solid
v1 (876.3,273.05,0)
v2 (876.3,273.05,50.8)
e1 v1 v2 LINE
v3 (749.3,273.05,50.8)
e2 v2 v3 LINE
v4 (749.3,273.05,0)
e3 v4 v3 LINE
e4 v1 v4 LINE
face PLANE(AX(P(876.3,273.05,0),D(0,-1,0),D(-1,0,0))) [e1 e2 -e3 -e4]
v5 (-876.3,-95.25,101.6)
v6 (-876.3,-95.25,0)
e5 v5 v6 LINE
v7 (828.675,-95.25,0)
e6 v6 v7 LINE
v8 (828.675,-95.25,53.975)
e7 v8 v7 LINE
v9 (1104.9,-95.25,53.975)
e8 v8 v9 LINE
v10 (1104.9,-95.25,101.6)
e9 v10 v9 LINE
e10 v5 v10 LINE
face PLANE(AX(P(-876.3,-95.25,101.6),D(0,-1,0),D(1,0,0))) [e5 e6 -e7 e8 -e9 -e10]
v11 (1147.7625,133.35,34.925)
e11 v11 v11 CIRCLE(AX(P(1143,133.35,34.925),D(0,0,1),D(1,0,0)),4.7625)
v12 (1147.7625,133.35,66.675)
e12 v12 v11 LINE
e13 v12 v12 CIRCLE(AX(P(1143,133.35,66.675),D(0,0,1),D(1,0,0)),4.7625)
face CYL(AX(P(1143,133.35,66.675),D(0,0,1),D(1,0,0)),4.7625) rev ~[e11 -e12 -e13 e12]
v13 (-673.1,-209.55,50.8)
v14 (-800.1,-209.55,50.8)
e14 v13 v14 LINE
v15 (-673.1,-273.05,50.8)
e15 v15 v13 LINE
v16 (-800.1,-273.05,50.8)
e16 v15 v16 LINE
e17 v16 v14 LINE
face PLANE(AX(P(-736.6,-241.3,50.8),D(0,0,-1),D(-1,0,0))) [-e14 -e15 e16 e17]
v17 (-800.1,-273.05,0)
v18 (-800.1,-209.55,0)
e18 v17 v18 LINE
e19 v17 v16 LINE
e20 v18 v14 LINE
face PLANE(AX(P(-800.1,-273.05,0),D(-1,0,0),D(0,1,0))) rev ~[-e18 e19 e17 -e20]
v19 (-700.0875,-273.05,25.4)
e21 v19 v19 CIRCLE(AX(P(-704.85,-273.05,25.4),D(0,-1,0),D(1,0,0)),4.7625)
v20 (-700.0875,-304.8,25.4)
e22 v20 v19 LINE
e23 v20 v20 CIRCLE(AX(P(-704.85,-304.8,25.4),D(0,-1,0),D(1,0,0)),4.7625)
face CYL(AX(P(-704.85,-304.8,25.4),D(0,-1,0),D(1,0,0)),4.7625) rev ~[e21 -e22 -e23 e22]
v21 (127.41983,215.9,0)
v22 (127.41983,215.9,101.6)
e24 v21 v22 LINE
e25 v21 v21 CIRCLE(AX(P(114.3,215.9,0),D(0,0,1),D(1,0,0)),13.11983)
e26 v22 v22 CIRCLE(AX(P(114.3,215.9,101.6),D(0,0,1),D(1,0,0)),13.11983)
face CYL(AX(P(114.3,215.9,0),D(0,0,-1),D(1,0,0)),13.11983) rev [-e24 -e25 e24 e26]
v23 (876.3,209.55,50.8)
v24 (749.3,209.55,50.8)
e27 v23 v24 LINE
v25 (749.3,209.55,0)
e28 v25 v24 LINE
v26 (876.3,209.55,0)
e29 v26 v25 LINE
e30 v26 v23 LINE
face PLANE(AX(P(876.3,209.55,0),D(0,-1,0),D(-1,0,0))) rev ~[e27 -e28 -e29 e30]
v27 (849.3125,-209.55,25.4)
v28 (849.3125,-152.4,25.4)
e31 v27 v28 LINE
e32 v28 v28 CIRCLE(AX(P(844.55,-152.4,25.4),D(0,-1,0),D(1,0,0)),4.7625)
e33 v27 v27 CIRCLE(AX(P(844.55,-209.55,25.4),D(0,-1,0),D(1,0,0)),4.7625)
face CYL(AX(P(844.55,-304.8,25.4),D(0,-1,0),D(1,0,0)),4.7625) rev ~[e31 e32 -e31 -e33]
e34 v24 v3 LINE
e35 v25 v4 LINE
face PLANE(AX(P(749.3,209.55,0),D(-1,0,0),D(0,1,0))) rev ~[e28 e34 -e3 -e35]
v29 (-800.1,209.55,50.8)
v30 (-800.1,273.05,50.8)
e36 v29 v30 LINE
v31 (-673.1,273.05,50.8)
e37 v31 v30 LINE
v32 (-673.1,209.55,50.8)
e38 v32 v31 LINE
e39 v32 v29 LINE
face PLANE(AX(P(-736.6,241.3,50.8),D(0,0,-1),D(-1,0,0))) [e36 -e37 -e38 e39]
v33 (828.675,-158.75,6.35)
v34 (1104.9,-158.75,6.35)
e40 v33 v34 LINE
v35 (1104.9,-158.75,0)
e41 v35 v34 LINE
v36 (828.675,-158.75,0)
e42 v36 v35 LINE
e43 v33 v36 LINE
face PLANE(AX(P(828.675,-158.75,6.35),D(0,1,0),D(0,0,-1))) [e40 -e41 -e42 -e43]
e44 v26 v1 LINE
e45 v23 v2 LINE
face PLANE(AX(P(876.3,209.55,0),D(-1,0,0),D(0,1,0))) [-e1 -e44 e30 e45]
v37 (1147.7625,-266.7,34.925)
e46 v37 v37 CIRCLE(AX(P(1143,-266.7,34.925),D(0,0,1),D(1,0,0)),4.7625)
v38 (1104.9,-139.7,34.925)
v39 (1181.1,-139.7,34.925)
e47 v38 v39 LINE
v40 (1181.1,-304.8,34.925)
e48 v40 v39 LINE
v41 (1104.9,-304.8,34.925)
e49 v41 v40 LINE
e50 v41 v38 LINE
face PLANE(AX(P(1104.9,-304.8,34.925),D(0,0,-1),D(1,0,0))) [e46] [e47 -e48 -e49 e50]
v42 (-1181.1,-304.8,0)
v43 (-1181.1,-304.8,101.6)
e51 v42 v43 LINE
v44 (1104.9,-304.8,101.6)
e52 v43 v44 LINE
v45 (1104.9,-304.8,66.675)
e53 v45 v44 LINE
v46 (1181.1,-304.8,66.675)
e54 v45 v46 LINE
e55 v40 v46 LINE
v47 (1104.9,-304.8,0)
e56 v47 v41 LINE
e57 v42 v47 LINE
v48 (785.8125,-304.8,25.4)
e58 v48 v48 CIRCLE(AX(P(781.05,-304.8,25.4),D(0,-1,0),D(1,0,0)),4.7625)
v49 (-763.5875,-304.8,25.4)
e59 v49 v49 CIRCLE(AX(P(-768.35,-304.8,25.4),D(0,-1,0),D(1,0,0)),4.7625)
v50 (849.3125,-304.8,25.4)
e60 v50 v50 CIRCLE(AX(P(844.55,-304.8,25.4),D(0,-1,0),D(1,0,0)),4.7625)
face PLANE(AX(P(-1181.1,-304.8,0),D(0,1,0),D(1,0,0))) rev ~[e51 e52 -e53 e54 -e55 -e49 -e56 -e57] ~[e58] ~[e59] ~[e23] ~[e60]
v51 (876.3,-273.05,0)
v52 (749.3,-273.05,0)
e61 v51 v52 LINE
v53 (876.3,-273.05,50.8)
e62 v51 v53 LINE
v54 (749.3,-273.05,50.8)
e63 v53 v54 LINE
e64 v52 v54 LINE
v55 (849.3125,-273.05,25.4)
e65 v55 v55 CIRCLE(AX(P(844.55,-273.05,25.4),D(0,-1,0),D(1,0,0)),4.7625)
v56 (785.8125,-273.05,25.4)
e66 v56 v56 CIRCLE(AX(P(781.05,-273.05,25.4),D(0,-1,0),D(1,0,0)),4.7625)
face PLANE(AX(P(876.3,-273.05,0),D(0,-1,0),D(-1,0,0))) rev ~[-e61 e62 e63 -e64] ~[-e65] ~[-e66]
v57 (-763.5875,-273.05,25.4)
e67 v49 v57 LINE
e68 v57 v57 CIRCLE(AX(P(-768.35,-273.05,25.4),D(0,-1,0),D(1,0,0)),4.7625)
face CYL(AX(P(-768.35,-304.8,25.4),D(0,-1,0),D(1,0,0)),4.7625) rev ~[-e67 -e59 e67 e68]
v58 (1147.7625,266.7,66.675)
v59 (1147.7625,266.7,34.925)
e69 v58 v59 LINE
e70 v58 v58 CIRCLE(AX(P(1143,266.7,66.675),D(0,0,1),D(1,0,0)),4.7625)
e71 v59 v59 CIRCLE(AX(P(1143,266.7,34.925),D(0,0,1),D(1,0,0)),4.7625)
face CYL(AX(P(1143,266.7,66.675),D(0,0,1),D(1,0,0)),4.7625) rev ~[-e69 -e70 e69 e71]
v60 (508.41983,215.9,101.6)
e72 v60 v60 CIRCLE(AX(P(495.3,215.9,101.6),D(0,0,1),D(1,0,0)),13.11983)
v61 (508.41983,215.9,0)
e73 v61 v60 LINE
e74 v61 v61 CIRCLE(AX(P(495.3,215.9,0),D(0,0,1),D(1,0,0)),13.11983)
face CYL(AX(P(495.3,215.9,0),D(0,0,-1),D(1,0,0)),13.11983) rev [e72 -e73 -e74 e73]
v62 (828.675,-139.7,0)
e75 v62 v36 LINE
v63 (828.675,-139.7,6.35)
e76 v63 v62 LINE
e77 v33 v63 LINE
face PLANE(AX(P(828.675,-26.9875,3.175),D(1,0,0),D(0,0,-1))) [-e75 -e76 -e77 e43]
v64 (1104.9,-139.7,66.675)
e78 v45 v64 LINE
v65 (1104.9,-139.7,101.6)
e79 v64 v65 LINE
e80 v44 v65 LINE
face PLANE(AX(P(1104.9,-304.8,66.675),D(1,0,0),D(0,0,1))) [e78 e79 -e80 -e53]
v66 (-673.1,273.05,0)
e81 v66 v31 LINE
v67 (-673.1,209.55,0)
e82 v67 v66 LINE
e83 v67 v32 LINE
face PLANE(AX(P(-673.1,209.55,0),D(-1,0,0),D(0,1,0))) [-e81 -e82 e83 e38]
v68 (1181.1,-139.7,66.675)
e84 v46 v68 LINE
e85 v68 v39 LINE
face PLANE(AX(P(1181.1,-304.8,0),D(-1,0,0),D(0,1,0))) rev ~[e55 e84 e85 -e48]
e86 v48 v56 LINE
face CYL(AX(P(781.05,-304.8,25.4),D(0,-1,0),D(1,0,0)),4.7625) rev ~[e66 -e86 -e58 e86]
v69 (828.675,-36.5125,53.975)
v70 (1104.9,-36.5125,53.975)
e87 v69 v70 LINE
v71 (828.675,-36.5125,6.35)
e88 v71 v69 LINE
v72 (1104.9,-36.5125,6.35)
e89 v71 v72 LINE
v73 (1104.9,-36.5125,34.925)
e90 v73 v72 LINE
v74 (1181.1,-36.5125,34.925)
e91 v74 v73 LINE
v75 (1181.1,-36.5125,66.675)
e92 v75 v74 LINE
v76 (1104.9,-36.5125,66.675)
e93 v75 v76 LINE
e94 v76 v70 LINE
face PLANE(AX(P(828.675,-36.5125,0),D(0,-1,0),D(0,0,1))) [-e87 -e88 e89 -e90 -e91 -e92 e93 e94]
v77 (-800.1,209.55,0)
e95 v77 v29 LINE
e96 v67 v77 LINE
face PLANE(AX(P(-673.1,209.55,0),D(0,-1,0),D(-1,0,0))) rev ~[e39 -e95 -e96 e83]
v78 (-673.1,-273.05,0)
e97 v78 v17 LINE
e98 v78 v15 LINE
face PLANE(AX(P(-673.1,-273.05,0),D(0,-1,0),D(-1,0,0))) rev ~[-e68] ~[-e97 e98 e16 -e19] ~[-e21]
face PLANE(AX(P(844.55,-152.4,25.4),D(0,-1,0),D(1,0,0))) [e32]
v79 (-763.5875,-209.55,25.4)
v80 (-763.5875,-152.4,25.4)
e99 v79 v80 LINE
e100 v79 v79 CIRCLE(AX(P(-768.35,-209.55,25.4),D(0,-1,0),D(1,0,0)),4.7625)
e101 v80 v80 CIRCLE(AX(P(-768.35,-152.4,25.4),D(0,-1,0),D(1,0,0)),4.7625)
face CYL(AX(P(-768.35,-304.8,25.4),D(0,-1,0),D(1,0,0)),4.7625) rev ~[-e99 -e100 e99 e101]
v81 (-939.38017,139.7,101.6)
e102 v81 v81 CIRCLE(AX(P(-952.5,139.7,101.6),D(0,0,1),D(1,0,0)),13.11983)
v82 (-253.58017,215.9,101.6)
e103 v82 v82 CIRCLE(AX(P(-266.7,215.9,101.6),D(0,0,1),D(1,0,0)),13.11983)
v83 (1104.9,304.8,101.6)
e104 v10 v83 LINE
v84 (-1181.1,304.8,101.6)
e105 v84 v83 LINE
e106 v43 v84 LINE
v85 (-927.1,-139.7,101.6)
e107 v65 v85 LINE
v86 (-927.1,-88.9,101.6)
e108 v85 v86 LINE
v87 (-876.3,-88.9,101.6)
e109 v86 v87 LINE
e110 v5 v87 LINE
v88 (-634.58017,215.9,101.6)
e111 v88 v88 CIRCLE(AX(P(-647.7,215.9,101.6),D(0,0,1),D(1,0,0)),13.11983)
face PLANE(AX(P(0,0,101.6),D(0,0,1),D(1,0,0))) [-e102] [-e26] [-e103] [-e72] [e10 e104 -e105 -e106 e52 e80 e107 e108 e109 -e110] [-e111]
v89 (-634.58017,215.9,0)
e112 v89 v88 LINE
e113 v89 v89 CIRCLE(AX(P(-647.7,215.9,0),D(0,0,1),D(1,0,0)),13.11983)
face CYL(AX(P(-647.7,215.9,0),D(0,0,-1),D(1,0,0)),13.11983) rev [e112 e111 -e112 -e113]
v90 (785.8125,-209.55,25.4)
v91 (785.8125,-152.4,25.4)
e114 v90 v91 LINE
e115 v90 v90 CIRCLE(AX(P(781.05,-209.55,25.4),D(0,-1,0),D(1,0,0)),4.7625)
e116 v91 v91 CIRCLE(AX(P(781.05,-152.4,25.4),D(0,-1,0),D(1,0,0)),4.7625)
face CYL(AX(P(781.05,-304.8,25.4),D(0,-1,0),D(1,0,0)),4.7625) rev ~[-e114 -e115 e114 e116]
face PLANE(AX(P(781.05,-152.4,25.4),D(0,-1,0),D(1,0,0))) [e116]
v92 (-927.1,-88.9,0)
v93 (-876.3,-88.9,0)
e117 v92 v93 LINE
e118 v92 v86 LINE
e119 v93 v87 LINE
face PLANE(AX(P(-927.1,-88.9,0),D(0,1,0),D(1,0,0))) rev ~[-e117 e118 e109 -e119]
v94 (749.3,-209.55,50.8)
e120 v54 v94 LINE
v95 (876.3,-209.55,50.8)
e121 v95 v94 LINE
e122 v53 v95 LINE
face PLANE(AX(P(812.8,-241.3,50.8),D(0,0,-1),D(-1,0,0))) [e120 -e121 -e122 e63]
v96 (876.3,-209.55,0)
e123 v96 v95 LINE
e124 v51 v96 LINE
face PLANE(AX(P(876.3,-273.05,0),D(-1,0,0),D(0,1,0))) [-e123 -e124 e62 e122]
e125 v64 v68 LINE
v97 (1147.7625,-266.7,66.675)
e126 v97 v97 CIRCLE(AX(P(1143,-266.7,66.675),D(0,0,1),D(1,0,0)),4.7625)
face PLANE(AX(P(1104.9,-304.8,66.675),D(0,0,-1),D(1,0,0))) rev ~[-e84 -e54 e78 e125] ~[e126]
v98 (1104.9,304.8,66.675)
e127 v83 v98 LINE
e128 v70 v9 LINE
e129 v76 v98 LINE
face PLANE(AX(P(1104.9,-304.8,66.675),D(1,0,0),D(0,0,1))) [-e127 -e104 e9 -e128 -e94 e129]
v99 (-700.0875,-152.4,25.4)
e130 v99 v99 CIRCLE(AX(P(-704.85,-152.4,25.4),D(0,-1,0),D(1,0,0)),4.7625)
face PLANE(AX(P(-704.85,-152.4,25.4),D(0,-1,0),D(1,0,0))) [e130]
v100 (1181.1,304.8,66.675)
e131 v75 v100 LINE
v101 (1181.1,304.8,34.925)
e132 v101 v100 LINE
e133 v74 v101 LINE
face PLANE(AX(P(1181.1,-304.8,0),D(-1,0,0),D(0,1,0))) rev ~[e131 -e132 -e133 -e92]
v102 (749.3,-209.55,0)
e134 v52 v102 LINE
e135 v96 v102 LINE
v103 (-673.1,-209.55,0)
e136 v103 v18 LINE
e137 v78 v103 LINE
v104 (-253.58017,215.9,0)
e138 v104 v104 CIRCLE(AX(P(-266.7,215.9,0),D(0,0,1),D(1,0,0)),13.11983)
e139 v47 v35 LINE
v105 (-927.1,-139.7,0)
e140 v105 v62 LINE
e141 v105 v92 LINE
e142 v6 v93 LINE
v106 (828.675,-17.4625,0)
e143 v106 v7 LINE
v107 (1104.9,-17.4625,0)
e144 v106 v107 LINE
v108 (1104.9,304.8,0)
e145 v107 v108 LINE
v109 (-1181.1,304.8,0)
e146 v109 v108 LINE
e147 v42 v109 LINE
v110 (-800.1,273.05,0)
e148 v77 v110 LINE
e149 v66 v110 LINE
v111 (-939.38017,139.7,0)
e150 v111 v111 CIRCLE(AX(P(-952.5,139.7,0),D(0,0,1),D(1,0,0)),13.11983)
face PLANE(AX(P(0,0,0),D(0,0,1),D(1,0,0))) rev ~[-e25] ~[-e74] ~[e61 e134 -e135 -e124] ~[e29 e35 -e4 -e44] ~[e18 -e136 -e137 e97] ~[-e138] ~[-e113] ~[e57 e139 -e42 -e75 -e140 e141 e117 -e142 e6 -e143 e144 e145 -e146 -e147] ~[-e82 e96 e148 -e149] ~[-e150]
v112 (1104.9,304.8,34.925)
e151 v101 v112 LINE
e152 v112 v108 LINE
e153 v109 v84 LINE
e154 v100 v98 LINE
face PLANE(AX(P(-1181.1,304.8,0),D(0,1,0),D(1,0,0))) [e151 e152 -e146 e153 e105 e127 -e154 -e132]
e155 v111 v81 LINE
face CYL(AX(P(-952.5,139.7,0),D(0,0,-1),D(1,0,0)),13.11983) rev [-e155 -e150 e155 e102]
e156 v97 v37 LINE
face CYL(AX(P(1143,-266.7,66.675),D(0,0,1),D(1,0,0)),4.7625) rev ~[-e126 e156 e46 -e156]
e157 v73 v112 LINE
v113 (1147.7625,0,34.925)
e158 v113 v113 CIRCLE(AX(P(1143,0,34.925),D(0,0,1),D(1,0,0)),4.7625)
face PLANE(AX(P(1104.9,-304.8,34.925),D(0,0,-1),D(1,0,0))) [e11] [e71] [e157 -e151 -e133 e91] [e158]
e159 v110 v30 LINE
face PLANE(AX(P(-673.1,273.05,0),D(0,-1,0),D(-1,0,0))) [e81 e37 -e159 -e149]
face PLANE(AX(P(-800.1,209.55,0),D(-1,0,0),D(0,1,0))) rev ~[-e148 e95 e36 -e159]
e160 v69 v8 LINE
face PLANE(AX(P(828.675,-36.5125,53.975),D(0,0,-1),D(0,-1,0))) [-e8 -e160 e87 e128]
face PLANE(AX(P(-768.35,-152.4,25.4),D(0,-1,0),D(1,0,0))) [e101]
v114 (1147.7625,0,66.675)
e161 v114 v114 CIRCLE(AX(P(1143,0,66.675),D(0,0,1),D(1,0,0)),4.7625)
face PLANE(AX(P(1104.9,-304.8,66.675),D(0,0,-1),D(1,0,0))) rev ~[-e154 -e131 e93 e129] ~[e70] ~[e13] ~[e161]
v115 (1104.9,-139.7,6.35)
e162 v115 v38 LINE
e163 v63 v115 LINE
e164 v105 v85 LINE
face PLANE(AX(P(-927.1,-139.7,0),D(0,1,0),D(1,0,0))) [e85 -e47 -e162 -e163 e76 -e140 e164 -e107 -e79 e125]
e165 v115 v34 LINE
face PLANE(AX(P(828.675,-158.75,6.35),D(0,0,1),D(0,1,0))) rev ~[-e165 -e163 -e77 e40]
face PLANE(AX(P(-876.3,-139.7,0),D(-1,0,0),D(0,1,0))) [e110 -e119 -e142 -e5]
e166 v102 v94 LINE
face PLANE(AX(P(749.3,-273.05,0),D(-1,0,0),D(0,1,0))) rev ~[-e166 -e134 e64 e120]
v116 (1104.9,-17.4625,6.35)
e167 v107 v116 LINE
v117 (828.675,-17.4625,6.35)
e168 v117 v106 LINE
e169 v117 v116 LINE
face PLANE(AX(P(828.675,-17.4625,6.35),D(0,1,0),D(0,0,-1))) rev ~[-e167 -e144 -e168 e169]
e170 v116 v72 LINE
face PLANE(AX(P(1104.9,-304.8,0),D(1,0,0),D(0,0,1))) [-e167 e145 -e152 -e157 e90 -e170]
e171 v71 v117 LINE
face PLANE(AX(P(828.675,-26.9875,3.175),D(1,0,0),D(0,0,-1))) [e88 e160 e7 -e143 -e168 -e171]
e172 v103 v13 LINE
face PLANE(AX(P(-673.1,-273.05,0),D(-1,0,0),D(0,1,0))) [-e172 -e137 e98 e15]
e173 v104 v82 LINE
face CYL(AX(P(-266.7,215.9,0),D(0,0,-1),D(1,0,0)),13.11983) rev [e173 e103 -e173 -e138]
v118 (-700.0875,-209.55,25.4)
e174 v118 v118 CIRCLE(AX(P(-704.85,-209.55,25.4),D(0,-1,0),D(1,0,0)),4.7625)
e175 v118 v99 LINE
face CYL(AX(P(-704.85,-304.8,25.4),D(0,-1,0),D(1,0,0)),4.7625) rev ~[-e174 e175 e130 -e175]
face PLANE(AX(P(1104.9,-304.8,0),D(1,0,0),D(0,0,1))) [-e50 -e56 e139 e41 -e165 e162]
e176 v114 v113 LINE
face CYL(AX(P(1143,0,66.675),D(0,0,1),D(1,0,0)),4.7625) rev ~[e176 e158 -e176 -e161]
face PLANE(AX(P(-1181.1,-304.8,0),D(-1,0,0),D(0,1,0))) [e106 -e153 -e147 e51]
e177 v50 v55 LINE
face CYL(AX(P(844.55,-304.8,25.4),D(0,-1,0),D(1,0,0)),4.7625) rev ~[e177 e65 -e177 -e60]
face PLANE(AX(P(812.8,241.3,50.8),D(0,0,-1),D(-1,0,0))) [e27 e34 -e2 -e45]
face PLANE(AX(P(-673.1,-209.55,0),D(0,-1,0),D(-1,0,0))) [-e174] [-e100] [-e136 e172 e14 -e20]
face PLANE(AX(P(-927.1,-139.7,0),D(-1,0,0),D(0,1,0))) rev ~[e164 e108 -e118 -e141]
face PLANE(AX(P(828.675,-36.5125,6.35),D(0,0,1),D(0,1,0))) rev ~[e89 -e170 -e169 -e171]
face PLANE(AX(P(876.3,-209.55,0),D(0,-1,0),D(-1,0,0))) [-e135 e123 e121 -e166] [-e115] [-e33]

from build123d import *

# Parameters (mm, degrees)
SKETCH1_W               = 2362.2
SKETCH1_H               = 609.6
SKETCH1_R               = 13.119830451
SKETCH1_W_2             = 50.8
SKETCH1_H_2             = 50.8
BOSS_EXTRUDE1_DEPTH     = 101.6
SKETCH2_W               = 127
SKETCH2_H               = 63.5
CUT_EXTRUDE1_DEPTH      = 50.8
SKETCH3_R               = 4.7625
CUT_EXTRUDE2_DEPTH      = 152.4
SKETCH4_W               = 76.2
SKETCH4_H               = 34.925
CUT_EXTRUDE3_DEPTH      = 1334.016102678
CUT_EXTRUDE4_DEPTH      = 2384.94933671
CUT_EXTRUDE4_DEPTH_BACK = 352.425
SKETCH5_W               = 6.35
SKETCH5_H               = 19.05
SKETCH6_W               = 101.6
SKETCH6_H               = 103.1875
CUT_EXTRUDE5_DEPTH      = 76.2
SKETCH7_R               = 4.7625
CUT_EXTRUDE6_DEPTH      = 1222.6160631
SKETCH9_W               = 1704.975
SKETCH9_H               = 44.45
CUT_EXTRUDE7_DEPTH      = 1225.019121583


with BuildPart() as part:
    # Sketch1 → Boss-Extrude1 (new body)
    with BuildSketch(Plane.XY):
        Rectangle(SKETCH1_W, SKETCH1_H)
        with Locations((-952.5, 139.7)):
            Circle(SKETCH1_R, mode=Mode.SUBTRACT)
        with Locations((-647.7, 215.9)):
            Circle(SKETCH1_R, mode=Mode.SUBTRACT)
        with Locations((-266.7, 215.9)):
            Circle(SKETCH1_R, mode=Mode.SUBTRACT)
        with Locations((114.3, 215.9)):
            Circle(SKETCH1_R, mode=Mode.SUBTRACT)
        with Locations((495.3, 215.9)):
            Circle(SKETCH1_R, mode=Mode.SUBTRACT)
        with Locations((-901.7, -114.3)):
            Rectangle(SKETCH1_W_2, SKETCH1_H_2, mode=Mode.SUBTRACT)
    extrude(amount=BOSS_EXTRUDE1_DEPTH)

    # Sketch2 → Cut-Extrude1 (cut)
    with BuildSketch(Plane(origin=(0, 0, 0), x_dir=(-1, 0, 0), z_dir=(0, 0, -1))):
        with Locations((736.6, 241.3)):
            Rectangle(SKETCH2_W, SKETCH2_H)
        with Locations((736.6, -241.3)):
            Rectangle(SKETCH2_W, SKETCH2_H)
        with Locations((-812.8, 241.3)):
            Rectangle(SKETCH2_W, SKETCH2_H)
        with Locations((-812.8, -241.3)):
            Rectangle(SKETCH2_W, SKETCH2_H)
    extrude(amount=-CUT_EXTRUDE1_DEPTH, mode=Mode.SUBTRACT)

    # Sketch3 → Cut-Extrude2 (cut)
    with BuildSketch(Plane.XZ.offset(304.8)):
        with Locations((844.55, 25.4)):
            Circle(SKETCH3_R)
        with Locations((781.05, 25.4)):
            Circle(SKETCH3_R)
        with Locations((-704.85, 25.4)):
            Circle(SKETCH3_R)
        with Locations((-768.35, 25.4)):
            Circle(SKETCH3_R)
    extrude(amount=-CUT_EXTRUDE2_DEPTH, mode=Mode.SUBTRACT)

    # Sketch4 → Cut-Extrude3 (cut, through all)
    with BuildSketch(Plane.XZ.offset(304.8)):
        with Locations((1143, 17.4625)):
            Rectangle(SKETCH4_W, SKETCH4_H)
        with Locations((1143, 84.1375)):
            Rectangle(SKETCH4_W, SKETCH4_H)
    extrude(amount=-CUT_EXTRUDE3_DEPTH, mode=Mode.SUBTRACT)

    # Sketch5 → Cut-Extrude4 (cut, two sides: drawn at the far end of the back side and taken through both)
    # profile 1 of 4: a face of its own
    with BuildSketch(Plane(origin=(1181.1, 0, 0), x_dir=(0, 0, -1), z_dir=(1, 0, 0)).offset(-CUT_EXTRUDE4_DEPTH_BACK)):
        with Locations((-3.175, -149.225)):
            Rectangle(SKETCH5_W, SKETCH5_H)
    # profile 2 of 4: a face of its own
    with BuildSketch(Plane(origin=(1181.1, 0, 0), x_dir=(0, 0, -1), z_dir=(1, 0, 0)).offset(-CUT_EXTRUDE4_DEPTH_BACK)):
        Polygon((-6.35, -139.7), (0, -139.7), (0, -36.5125), (-6.35, -36.5125), (-53.975, -36.5125), (-53.975, -77.7875), (-53.975, -95.25), (-101.6, -95.25), (-101.6, -139.7), align=None)
        with BuildLine():
            ThreePointArc((-12.7, -77.7875), (-31.75, -96.8375), (-50.8, -77.7875))
            ThreePointArc((-50.8, -77.7875), (-31.75, -58.7375), (-12.7, -77.7875))
        make_face(mode=Mode.SUBTRACT)
    # profile 3 of 4: a face of its own
    with BuildSketch(Plane(origin=(1181.1, 0, 0), x_dir=(0, 0, -1), z_dir=(1, 0, 0)).offset(-CUT_EXTRUDE4_DEPTH_BACK)):
        with BuildLine():
            ThreePointArc((-12.7, -77.7875), (-31.75, -58.7375), (-50.8, -77.7875))
            ThreePointArc((-50.8, -77.7875), (-31.75, -96.8375), (-12.7, -77.7875))
        make_face()
    # profile 4 of 4: a face of its own
    with BuildSketch(Plane(origin=(1181.1, 0, 0), x_dir=(0, 0, -1), z_dir=(1, 0, 0)).offset(-CUT_EXTRUDE4_DEPTH_BACK)):
        with Locations((-3.175, -26.9875)):
            Rectangle(SKETCH5_W, SKETCH5_H)
    extrude(amount=CUT_EXTRUDE4_DEPTH + CUT_EXTRUDE4_DEPTH_BACK, mode=Mode.SUBTRACT)

    # Sketch6 → Cut-Extrude5 (cut)
    with BuildSketch(Plane(origin=(1181.1, 0, 0), x_dir=(0, 0, -1), z_dir=(1, 0, 0))):
        with Locations((-50.8, -88.10625)):
            Rectangle(SKETCH6_W, SKETCH6_H)
    extrude(amount=-CUT_EXTRUDE5_DEPTH, mode=Mode.SUBTRACT)

    # Sketch7 → Cut-Extrude6 (cut, through all)
    with BuildSketch(Plane.XY.offset(66.675)):
        with Locations((1143, 266.7)):
            Circle(SKETCH7_R)
        with Locations((1143, 133.35)):
            Circle(SKETCH7_R)
        with Locations((1143, 0)):
            Circle(SKETCH7_R)
        with Locations((1143, -266.7)):
            Circle(SKETCH7_R)
    extrude(amount=-CUT_EXTRUDE6_DEPTH, mode=Mode.SUBTRACT)

    # Sketch9 → Cut-Extrude7 (cut, through all)
    with BuildSketch(Plane.XY.offset(101.6)):
        with Locations((-23.8125, -117.475)):
            Rectangle(SKETCH9_W, SKETCH9_H)
    extrude(amount=-CUT_EXTRUDE7_DEPTH, mode=Mode.SUBTRACT)


solid = part.part
